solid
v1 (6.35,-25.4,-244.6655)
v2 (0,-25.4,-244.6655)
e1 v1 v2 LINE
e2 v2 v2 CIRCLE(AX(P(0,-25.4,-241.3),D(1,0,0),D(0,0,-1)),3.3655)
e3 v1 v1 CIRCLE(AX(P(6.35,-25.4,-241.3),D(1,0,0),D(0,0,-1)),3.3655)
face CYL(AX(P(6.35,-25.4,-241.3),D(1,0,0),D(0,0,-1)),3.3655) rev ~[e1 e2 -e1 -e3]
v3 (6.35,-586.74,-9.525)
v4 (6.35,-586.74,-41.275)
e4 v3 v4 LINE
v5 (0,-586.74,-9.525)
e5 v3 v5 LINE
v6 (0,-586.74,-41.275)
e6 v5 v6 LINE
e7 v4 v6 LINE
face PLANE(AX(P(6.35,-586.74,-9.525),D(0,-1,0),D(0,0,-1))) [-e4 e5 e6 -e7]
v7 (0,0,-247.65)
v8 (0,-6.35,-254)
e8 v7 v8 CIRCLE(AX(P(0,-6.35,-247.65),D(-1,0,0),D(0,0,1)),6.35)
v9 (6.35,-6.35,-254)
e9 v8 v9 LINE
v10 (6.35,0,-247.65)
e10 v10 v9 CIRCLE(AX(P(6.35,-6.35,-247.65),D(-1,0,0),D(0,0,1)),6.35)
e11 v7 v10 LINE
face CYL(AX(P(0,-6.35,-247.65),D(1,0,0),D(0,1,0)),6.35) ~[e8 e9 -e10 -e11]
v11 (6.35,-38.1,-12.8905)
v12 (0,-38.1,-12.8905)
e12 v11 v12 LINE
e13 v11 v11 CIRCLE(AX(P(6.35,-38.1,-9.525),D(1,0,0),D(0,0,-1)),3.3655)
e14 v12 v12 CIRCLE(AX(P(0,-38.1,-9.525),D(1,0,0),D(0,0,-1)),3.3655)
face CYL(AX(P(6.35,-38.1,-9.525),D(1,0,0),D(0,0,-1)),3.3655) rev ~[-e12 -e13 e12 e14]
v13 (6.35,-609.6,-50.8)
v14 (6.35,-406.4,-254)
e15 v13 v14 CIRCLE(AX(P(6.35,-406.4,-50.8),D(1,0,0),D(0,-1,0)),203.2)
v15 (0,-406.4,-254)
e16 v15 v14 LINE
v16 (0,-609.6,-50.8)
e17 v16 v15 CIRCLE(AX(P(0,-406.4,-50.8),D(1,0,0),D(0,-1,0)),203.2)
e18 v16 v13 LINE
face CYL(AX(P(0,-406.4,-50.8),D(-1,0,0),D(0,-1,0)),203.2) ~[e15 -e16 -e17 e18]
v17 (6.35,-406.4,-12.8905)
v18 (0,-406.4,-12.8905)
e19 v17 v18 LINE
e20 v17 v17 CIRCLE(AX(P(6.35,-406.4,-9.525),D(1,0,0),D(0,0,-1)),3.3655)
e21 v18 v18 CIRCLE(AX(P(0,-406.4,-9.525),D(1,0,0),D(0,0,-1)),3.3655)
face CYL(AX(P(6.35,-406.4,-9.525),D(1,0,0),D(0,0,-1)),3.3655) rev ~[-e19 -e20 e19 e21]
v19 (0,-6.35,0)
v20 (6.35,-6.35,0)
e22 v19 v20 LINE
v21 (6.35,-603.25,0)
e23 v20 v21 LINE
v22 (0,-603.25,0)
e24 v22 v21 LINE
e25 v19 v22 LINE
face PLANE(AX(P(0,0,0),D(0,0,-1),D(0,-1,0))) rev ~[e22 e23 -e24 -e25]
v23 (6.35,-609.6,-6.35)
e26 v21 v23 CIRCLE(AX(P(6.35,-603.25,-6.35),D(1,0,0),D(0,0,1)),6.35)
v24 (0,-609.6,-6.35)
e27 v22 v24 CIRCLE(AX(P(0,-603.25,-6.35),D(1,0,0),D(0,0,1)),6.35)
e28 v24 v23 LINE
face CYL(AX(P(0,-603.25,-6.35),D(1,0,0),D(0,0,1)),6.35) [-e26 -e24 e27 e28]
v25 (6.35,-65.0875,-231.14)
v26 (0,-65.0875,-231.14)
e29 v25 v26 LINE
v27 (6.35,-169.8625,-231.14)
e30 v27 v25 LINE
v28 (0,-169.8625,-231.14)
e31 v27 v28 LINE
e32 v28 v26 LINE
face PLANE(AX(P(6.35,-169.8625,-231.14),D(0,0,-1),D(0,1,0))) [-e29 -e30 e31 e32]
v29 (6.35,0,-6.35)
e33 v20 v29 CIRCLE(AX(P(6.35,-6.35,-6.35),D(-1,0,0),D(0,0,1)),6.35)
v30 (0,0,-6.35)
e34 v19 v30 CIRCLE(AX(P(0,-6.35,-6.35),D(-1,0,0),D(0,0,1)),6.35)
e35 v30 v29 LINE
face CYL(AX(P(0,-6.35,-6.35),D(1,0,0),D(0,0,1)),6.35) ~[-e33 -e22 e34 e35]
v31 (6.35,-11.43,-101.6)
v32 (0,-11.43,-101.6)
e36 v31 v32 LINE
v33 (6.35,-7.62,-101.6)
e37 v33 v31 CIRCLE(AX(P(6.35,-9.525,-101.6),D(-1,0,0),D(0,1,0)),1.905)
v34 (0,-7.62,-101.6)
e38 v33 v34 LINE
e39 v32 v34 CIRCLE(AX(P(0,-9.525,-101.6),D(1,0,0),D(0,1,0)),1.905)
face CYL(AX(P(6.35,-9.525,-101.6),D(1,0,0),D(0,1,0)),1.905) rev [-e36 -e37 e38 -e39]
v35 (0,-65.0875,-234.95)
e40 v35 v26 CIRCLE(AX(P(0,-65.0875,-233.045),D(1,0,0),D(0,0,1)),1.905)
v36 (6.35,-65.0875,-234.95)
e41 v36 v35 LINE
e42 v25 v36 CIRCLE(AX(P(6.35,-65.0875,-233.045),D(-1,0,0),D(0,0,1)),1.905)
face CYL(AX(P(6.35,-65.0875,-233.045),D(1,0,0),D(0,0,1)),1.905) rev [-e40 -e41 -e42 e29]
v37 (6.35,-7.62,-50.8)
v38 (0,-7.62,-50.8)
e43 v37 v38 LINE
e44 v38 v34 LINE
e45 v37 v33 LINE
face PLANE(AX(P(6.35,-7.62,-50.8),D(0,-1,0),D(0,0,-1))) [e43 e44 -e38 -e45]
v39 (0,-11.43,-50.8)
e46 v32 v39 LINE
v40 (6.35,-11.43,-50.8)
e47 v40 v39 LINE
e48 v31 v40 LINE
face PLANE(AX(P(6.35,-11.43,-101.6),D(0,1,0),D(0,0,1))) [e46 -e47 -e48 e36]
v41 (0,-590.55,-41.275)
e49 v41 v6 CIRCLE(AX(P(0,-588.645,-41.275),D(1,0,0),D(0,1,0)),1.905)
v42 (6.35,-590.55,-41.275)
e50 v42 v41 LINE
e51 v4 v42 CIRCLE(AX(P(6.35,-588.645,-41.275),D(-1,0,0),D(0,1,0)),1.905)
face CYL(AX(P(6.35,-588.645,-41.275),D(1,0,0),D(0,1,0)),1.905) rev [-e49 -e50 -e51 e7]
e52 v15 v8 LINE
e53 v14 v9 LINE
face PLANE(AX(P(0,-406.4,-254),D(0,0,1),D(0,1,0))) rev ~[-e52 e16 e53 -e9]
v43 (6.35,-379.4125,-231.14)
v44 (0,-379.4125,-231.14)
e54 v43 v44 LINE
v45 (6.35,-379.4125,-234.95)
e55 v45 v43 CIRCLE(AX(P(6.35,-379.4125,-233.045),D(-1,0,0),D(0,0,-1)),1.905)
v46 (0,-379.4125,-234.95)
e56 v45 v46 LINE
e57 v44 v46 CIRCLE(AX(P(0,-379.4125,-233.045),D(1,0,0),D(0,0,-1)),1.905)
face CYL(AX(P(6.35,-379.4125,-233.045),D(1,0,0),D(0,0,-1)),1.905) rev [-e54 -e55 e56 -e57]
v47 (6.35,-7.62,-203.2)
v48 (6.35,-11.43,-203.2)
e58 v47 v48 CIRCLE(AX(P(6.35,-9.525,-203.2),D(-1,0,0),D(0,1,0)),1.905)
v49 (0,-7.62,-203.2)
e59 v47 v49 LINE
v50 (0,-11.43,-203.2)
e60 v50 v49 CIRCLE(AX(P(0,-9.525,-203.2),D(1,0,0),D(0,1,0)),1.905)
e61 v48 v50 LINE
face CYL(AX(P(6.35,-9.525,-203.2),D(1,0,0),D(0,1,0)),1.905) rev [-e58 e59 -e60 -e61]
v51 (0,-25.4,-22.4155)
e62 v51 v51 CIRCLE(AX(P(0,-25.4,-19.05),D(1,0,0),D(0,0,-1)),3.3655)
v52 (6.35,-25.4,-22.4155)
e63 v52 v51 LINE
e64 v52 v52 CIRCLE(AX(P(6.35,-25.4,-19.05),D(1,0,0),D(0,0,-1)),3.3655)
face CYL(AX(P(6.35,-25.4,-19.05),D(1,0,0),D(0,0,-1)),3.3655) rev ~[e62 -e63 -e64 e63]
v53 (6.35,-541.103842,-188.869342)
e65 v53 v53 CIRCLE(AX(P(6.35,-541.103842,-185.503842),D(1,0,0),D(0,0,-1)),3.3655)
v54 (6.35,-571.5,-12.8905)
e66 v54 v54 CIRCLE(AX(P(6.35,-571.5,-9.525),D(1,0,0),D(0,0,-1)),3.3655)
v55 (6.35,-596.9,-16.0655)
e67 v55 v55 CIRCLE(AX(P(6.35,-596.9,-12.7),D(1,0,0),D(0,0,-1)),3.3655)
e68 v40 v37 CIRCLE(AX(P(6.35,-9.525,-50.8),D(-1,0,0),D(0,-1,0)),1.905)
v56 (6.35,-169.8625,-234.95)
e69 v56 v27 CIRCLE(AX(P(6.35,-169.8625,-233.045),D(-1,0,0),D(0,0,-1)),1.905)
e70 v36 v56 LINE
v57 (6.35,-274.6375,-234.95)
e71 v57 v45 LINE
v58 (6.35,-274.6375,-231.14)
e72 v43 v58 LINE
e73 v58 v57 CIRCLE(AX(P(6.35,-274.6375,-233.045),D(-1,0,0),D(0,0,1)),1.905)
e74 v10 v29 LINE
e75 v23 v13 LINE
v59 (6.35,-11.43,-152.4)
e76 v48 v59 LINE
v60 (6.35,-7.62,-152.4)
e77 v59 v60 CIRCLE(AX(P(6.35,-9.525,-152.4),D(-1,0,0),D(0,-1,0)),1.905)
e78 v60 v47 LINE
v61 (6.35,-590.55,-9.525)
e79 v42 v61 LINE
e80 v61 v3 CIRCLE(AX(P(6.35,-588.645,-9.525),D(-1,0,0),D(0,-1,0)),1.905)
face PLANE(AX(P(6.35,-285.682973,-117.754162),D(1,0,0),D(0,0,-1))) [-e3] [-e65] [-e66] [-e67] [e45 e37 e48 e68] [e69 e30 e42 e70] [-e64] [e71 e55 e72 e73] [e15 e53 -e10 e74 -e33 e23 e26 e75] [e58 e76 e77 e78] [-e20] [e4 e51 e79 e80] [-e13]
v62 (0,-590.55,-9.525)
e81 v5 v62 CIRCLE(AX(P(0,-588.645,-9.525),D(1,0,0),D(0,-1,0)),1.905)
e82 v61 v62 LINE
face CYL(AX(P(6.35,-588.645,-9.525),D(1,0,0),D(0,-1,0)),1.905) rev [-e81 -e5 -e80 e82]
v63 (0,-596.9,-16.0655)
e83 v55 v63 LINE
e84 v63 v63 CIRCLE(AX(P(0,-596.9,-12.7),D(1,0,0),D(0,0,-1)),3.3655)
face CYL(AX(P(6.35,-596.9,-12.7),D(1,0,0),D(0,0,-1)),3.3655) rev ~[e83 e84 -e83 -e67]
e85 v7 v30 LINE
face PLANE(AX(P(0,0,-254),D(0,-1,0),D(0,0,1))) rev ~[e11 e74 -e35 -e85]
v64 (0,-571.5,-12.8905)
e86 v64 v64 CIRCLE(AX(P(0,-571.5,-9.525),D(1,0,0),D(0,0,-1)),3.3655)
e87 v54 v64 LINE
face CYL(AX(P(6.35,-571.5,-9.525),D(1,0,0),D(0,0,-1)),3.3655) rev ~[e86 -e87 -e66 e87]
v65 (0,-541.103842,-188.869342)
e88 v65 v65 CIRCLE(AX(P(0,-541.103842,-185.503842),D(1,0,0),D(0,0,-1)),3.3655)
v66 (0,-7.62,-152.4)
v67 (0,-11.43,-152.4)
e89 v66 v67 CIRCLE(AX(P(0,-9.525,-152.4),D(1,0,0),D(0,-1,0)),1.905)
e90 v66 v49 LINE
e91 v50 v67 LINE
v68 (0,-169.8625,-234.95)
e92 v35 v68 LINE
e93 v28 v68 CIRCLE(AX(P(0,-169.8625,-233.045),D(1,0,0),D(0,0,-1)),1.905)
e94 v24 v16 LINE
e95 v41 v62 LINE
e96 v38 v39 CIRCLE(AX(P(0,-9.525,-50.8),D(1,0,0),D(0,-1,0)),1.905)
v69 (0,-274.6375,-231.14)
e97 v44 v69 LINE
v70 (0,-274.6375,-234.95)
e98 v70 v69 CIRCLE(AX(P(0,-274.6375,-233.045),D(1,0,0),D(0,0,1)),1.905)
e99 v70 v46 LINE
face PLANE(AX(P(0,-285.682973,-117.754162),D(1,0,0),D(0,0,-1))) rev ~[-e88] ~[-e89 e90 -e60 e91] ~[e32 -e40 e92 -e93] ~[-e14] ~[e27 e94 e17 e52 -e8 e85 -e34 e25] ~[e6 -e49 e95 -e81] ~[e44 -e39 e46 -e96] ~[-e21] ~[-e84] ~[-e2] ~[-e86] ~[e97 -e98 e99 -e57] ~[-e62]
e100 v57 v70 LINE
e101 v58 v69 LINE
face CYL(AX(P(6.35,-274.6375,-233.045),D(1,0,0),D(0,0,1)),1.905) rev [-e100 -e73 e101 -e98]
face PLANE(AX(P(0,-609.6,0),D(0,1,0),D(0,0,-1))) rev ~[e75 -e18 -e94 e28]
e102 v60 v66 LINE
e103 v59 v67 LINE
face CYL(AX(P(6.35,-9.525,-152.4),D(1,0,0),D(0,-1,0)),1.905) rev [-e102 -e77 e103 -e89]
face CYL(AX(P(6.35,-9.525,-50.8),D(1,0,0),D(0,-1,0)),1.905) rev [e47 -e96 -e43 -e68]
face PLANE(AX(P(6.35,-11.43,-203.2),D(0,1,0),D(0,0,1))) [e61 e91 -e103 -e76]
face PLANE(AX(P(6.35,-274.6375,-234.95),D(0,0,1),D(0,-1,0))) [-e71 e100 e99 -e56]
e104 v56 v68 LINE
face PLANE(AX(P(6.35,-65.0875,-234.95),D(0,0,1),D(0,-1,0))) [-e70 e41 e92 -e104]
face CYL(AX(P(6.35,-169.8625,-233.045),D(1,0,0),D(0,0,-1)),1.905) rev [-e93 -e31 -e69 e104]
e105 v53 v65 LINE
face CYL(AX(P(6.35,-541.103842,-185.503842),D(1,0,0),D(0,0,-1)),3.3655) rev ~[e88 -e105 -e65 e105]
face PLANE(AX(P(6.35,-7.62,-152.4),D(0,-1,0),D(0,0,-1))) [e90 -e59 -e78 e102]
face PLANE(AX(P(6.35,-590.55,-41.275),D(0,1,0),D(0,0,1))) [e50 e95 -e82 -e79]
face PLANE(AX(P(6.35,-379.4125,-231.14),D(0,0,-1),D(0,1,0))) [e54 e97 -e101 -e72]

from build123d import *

# Parameters (mm, degrees)
BOSS_EXTRUDE1_DEPTH     = 6.35
SKETCH2_R               = 3.3655
CUT_EXTRUDE1_DEPTH      = 7.35
FILLET1_R               = 6.35
CUT_EXTRUDE6_DEPTH      = 7.35
SKETCH4_R               = 3.3655
CUT_EXTRUDE3_DEPTH      = 7.35
CUT_EXTRUDE7_DEPTH      = 7.35
CUT_EXTRUDE8_DEPTH      = 1
CUT_EXTRUDE8_DEPTH_BACK = 7.35


with BuildPart() as part:
    # Sketch1 → Boss-Extrude1 (new body)
    with BuildSketch(Plane(origin=(0, 0, 0), x_dir=(0, 0, -1), z_dir=(1, 0, 0))):
        with BuildLine():
            Line((0, 0), (0, -609.6))
            Line((0, -609.6), (50.8, -609.6))
            ThreePointArc((50.8, -609.6), (194.484097937, -550.084097937), (254, -406.4))
            Line((254, -406.4), (254, 0))
            Line((254, 0), (0, 0))
        make_face()
    extrude(amount=BOSS_EXTRUDE1_DEPTH)

    # Sketch2 → Cut-Extrude1 (cut, through all)
    with BuildSketch(Plane(origin=(6.35, 0, 0), x_dir=(0, 0, -1), z_dir=(1, 0, 0))):
        with Locations((241.3, -25.4)):
            Circle(SKETCH2_R)
        with Locations((12.7, -596.9)):
            Circle(SKETCH2_R)
        with Locations((185.503841816, -541.103841816)):
            Circle(SKETCH2_R)
        with Locations((19.05, -25.4)):
            Circle(SKETCH2_R)
    extrude(amount=-CUT_EXTRUDE1_DEPTH, mode=Mode.SUBTRACT)

    # Fillet1
    fillet1_edges = [part.edges().sort_by_distance(p)[0] for p in [
        (3.175, 0, -254),
        (3.175, -609.6, 0),
        (3.175, 0, 0),
    ]]
    fillet(fillet1_edges, radius=FILLET1_R)

    # Sketch3 → Cut-Extrude6 (cut, through all)
    with BuildSketch(Plane(origin=(6.35, 0, 0), x_dir=(0, 0, -1), z_dir=(1, 0, 0))):
        with BuildLine():
            Line((50.8, -7.62), (101.6, -7.62))
            ThreePointArc((101.6, -7.62), (103.505, -9.525), (101.6, -11.43))
            Line((101.6, -11.43), (50.8, -11.43))
            ThreePointArc((50.8, -11.43), (48.895, -9.525), (50.8, -7.62))
        make_face()
        with BuildLine():
            Line((152.4, -7.62), (203.2, -7.62))
            ThreePointArc((203.2, -7.62), (205.105, -9.525), (203.2, -11.43))
            Line((203.2, -11.43), (152.4, -11.43))
            ThreePointArc((152.4, -11.43), (150.495, -9.525), (152.4, -7.62))
        make_face()
    extrude(amount=-CUT_EXTRUDE6_DEPTH, mode=Mode.SUBTRACT)

    # Sketch4 → Cut-Extrude3 (cut, through all)
    with BuildSketch(Plane(origin=(6.35, 0, 0), x_dir=(0, 0, -1), z_dir=(1, 0, 0))):
        with Locations((9.525, -38.1)):
            Circle(SKETCH4_R)
        with Locations((9.525, -406.4)):
            Circle(SKETCH4_R)
        with Locations((9.525, -571.5)):
            Circle(SKETCH4_R)
    extrude(amount=-CUT_EXTRUDE3_DEPTH, mode=Mode.SUBTRACT)

    # Sketch6 → Cut-Extrude7 (cut, through all)
    with BuildSketch(Plane(origin=(6.35, 0, 0), x_dir=(0, 0, -1), z_dir=(1, 0, 0))):
        with BuildLine():
            Line((234.95, -65.0875), (234.95, -169.8625))
            ThreePointArc((234.95, -169.8625), (233.045, -171.7675), (231.14, -169.8625))
            Line((231.14, -169.8625), (231.14, -65.0875))
            ThreePointArc((231.14, -65.0875), (233.045, -63.1825), (234.95, -65.0875))
        make_face()
        with BuildLine():
            Line((231.14, -379.4125), (231.14, -274.6375))
            ThreePointArc((231.14, -274.6375), (233.045, -272.7325), (234.95, -274.6375))
            Line((234.95, -274.6375), (234.95, -379.4125))
            ThreePointArc((234.95, -379.4125), (233.045, -381.3175), (231.14, -379.4125))
        make_face()
    extrude(amount=-CUT_EXTRUDE7_DEPTH, mode=Mode.SUBTRACT)

    # Sketch7 → Cut-Extrude8 (cut, two sides)
    with BuildSketch(Plane(origin=(6.35, 0, 0), x_dir=(0, 0, -1), z_dir=(1, 0, 0))) as cut_extrude8_sk:
        with BuildLine():
            Line((9.525, -586.74), (41.275, -586.74))
            ThreePointArc((41.275, -586.74), (43.18, -588.645), (41.275, -590.55))
            Line((41.275, -590.55), (9.525, -590.55))
            ThreePointArc((9.525, -590.55), (7.62, -588.645), (9.525, -586.74))
        make_face()
    extrude(amount=CUT_EXTRUDE8_DEPTH, mode=Mode.SUBTRACT)
    extrude(cut_extrude8_sk.sketch, amount=-CUT_EXTRUDE8_DEPTH_BACK, mode=Mode.SUBTRACT)


solid = part.part
